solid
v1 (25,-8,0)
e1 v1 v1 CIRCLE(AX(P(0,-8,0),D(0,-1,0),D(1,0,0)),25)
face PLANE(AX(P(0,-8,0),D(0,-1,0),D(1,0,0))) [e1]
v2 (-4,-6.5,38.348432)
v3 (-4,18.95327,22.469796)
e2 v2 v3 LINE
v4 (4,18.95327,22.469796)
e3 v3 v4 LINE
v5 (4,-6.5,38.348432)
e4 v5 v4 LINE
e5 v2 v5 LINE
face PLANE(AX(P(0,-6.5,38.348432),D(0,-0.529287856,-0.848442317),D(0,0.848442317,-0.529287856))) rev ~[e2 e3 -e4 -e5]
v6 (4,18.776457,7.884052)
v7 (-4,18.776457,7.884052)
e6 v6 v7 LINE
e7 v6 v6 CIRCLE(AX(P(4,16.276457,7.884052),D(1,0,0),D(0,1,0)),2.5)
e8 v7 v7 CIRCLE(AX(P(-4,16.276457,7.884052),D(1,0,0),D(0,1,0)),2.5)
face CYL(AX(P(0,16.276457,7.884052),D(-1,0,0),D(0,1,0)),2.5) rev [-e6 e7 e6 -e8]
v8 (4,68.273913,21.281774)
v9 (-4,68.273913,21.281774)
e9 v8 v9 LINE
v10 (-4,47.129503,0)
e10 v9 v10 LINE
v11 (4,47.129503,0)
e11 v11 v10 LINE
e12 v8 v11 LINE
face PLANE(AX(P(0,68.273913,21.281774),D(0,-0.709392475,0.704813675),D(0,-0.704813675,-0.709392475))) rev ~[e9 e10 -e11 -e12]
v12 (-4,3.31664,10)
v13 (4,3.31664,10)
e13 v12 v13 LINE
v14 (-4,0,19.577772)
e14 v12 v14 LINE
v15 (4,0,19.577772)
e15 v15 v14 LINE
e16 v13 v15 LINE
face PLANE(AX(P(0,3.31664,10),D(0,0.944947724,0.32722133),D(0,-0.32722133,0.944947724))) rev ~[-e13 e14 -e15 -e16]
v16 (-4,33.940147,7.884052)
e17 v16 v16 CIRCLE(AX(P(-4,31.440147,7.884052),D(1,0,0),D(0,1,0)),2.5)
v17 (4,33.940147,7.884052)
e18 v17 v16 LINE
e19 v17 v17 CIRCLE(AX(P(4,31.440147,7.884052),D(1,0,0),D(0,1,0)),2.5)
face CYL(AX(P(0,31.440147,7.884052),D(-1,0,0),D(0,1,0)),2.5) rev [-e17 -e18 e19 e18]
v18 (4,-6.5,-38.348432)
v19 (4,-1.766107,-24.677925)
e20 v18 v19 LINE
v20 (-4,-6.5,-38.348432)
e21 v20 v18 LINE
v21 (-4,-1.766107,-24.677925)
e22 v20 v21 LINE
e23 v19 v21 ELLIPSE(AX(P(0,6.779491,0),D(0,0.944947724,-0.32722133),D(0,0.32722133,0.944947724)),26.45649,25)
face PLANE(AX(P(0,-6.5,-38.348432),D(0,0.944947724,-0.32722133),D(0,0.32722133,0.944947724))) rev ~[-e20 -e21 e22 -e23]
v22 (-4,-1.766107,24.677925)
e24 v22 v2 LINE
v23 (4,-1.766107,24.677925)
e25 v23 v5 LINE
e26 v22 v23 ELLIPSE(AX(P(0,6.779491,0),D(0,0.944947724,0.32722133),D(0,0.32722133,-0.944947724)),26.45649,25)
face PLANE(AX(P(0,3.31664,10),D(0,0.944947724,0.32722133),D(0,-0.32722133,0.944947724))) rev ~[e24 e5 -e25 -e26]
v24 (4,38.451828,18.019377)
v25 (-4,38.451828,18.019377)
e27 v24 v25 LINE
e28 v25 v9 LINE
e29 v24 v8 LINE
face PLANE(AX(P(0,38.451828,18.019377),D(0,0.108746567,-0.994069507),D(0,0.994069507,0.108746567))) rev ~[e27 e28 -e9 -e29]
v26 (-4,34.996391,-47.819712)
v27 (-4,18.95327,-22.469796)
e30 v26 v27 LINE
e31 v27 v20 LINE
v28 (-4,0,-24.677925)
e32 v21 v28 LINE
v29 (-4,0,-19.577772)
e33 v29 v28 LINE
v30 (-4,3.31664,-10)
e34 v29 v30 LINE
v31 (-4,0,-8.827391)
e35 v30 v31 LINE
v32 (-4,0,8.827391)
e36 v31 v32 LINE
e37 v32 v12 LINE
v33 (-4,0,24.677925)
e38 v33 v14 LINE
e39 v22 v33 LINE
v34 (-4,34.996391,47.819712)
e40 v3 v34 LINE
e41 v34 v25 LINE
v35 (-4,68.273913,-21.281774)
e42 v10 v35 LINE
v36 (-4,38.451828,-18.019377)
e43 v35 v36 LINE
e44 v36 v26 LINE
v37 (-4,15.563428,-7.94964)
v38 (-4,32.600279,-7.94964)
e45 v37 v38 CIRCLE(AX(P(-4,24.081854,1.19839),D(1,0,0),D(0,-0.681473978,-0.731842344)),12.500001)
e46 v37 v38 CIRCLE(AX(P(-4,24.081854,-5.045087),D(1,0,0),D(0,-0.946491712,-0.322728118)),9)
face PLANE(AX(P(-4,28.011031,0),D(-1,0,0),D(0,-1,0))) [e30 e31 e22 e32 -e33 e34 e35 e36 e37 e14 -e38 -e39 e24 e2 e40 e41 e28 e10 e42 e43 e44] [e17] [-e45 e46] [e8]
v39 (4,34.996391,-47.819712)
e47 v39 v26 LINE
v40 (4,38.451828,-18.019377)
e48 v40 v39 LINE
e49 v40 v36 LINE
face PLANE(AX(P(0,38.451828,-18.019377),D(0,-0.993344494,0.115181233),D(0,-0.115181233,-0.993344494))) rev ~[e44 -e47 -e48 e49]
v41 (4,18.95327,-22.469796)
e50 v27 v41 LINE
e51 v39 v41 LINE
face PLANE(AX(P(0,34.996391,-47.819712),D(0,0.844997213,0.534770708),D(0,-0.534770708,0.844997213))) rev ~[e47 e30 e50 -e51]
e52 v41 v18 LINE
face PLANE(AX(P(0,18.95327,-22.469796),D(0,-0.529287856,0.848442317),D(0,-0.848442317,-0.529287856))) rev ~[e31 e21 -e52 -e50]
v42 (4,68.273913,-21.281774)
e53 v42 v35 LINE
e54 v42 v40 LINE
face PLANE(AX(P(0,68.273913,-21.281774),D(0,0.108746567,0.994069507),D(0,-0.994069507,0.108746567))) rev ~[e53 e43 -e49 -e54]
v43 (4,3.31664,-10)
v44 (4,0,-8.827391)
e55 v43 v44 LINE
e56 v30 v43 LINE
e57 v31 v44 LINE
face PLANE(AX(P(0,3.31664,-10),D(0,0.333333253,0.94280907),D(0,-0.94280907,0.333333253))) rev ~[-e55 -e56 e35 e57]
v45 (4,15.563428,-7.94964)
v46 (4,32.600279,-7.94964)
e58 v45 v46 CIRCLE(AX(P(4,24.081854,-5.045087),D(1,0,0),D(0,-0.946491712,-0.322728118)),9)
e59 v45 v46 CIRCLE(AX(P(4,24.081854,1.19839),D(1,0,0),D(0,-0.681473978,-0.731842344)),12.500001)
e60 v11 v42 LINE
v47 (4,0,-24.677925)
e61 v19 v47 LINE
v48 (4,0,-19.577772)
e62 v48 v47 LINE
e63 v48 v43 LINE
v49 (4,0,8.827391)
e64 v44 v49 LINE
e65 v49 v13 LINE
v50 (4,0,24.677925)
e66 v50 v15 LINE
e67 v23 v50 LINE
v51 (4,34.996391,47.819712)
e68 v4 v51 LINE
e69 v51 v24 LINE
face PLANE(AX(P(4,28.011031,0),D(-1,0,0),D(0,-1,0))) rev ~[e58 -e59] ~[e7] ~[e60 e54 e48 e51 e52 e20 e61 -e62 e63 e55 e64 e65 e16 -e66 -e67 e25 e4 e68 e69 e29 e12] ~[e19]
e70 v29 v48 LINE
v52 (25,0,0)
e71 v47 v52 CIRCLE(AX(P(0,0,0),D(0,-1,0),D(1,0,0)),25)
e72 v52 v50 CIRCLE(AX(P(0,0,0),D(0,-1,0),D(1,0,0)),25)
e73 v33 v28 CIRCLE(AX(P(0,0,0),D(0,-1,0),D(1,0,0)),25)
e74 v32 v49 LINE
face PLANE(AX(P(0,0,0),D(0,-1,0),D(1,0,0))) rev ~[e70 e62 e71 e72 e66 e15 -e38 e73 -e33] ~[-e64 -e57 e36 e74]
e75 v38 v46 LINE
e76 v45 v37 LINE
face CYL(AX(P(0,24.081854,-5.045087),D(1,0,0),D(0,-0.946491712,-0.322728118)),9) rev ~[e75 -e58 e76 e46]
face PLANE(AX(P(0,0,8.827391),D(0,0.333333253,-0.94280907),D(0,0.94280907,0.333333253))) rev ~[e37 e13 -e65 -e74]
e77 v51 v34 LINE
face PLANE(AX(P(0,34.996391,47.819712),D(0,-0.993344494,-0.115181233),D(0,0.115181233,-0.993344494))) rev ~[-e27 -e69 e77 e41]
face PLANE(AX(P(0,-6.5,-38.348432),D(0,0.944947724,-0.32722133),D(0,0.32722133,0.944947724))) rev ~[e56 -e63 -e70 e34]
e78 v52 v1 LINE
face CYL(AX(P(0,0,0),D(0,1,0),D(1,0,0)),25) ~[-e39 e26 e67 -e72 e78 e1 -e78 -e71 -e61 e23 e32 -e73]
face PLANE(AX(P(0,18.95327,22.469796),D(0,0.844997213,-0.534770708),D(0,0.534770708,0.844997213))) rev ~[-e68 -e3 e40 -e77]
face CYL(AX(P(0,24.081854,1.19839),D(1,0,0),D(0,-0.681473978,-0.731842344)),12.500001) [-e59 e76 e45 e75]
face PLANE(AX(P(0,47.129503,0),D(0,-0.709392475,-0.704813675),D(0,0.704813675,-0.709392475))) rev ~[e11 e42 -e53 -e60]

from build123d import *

# Parameters (mm, degrees)
SKETCH_R     = 25
PAD_DEPTH    = 8
SKETCH001_R  = 2.5
PAD001_DEPTH = 4


with BuildPart() as part:
    # Sketch → Pad (new body)
    with BuildSketch(Plane.XZ):
        Circle(SKETCH_R)
    extrude(amount=PAD_DEPTH)

    # Sketch001 → Pad001 (join, symmetric)
    with BuildSketch(Plane.YZ):
        Polygon((18.95327, 22.469796), (34.996391, 47.819712), (38.451828, 18.019377), (68.273913, 21.281774), (47.129503, 0), (68.273913, -21.281774), (38.451828, -18.019377), (34.996391, -47.819712), (18.95327, -22.469796), (-6.5, -38.348432), (3.31664, -10), (0, -8.827391), (0, 8.827391), (3.31664, 10), (-6.5, 38.348432), align=None)
        with Locations((16.276457, 7.884052)):
            Circle(SKETCH001_R, mode=Mode.SUBTRACT)
        with Locations((31.440147, 7.884052)):
            Circle(SKETCH001_R, mode=Mode.SUBTRACT)
        with BuildLine():
            ThreePointArc((15.563428, -7.94964), (24.081854, -14.045087), (32.600279, -7.94964))
            ThreePointArc((15.563428, -7.94964), (24.081854, -11.301611), (32.600279, -7.94964))
        make_face(mode=Mode.SUBTRACT)
    extrude(amount=PAD001_DEPTH, both=True)


solid = part.part
